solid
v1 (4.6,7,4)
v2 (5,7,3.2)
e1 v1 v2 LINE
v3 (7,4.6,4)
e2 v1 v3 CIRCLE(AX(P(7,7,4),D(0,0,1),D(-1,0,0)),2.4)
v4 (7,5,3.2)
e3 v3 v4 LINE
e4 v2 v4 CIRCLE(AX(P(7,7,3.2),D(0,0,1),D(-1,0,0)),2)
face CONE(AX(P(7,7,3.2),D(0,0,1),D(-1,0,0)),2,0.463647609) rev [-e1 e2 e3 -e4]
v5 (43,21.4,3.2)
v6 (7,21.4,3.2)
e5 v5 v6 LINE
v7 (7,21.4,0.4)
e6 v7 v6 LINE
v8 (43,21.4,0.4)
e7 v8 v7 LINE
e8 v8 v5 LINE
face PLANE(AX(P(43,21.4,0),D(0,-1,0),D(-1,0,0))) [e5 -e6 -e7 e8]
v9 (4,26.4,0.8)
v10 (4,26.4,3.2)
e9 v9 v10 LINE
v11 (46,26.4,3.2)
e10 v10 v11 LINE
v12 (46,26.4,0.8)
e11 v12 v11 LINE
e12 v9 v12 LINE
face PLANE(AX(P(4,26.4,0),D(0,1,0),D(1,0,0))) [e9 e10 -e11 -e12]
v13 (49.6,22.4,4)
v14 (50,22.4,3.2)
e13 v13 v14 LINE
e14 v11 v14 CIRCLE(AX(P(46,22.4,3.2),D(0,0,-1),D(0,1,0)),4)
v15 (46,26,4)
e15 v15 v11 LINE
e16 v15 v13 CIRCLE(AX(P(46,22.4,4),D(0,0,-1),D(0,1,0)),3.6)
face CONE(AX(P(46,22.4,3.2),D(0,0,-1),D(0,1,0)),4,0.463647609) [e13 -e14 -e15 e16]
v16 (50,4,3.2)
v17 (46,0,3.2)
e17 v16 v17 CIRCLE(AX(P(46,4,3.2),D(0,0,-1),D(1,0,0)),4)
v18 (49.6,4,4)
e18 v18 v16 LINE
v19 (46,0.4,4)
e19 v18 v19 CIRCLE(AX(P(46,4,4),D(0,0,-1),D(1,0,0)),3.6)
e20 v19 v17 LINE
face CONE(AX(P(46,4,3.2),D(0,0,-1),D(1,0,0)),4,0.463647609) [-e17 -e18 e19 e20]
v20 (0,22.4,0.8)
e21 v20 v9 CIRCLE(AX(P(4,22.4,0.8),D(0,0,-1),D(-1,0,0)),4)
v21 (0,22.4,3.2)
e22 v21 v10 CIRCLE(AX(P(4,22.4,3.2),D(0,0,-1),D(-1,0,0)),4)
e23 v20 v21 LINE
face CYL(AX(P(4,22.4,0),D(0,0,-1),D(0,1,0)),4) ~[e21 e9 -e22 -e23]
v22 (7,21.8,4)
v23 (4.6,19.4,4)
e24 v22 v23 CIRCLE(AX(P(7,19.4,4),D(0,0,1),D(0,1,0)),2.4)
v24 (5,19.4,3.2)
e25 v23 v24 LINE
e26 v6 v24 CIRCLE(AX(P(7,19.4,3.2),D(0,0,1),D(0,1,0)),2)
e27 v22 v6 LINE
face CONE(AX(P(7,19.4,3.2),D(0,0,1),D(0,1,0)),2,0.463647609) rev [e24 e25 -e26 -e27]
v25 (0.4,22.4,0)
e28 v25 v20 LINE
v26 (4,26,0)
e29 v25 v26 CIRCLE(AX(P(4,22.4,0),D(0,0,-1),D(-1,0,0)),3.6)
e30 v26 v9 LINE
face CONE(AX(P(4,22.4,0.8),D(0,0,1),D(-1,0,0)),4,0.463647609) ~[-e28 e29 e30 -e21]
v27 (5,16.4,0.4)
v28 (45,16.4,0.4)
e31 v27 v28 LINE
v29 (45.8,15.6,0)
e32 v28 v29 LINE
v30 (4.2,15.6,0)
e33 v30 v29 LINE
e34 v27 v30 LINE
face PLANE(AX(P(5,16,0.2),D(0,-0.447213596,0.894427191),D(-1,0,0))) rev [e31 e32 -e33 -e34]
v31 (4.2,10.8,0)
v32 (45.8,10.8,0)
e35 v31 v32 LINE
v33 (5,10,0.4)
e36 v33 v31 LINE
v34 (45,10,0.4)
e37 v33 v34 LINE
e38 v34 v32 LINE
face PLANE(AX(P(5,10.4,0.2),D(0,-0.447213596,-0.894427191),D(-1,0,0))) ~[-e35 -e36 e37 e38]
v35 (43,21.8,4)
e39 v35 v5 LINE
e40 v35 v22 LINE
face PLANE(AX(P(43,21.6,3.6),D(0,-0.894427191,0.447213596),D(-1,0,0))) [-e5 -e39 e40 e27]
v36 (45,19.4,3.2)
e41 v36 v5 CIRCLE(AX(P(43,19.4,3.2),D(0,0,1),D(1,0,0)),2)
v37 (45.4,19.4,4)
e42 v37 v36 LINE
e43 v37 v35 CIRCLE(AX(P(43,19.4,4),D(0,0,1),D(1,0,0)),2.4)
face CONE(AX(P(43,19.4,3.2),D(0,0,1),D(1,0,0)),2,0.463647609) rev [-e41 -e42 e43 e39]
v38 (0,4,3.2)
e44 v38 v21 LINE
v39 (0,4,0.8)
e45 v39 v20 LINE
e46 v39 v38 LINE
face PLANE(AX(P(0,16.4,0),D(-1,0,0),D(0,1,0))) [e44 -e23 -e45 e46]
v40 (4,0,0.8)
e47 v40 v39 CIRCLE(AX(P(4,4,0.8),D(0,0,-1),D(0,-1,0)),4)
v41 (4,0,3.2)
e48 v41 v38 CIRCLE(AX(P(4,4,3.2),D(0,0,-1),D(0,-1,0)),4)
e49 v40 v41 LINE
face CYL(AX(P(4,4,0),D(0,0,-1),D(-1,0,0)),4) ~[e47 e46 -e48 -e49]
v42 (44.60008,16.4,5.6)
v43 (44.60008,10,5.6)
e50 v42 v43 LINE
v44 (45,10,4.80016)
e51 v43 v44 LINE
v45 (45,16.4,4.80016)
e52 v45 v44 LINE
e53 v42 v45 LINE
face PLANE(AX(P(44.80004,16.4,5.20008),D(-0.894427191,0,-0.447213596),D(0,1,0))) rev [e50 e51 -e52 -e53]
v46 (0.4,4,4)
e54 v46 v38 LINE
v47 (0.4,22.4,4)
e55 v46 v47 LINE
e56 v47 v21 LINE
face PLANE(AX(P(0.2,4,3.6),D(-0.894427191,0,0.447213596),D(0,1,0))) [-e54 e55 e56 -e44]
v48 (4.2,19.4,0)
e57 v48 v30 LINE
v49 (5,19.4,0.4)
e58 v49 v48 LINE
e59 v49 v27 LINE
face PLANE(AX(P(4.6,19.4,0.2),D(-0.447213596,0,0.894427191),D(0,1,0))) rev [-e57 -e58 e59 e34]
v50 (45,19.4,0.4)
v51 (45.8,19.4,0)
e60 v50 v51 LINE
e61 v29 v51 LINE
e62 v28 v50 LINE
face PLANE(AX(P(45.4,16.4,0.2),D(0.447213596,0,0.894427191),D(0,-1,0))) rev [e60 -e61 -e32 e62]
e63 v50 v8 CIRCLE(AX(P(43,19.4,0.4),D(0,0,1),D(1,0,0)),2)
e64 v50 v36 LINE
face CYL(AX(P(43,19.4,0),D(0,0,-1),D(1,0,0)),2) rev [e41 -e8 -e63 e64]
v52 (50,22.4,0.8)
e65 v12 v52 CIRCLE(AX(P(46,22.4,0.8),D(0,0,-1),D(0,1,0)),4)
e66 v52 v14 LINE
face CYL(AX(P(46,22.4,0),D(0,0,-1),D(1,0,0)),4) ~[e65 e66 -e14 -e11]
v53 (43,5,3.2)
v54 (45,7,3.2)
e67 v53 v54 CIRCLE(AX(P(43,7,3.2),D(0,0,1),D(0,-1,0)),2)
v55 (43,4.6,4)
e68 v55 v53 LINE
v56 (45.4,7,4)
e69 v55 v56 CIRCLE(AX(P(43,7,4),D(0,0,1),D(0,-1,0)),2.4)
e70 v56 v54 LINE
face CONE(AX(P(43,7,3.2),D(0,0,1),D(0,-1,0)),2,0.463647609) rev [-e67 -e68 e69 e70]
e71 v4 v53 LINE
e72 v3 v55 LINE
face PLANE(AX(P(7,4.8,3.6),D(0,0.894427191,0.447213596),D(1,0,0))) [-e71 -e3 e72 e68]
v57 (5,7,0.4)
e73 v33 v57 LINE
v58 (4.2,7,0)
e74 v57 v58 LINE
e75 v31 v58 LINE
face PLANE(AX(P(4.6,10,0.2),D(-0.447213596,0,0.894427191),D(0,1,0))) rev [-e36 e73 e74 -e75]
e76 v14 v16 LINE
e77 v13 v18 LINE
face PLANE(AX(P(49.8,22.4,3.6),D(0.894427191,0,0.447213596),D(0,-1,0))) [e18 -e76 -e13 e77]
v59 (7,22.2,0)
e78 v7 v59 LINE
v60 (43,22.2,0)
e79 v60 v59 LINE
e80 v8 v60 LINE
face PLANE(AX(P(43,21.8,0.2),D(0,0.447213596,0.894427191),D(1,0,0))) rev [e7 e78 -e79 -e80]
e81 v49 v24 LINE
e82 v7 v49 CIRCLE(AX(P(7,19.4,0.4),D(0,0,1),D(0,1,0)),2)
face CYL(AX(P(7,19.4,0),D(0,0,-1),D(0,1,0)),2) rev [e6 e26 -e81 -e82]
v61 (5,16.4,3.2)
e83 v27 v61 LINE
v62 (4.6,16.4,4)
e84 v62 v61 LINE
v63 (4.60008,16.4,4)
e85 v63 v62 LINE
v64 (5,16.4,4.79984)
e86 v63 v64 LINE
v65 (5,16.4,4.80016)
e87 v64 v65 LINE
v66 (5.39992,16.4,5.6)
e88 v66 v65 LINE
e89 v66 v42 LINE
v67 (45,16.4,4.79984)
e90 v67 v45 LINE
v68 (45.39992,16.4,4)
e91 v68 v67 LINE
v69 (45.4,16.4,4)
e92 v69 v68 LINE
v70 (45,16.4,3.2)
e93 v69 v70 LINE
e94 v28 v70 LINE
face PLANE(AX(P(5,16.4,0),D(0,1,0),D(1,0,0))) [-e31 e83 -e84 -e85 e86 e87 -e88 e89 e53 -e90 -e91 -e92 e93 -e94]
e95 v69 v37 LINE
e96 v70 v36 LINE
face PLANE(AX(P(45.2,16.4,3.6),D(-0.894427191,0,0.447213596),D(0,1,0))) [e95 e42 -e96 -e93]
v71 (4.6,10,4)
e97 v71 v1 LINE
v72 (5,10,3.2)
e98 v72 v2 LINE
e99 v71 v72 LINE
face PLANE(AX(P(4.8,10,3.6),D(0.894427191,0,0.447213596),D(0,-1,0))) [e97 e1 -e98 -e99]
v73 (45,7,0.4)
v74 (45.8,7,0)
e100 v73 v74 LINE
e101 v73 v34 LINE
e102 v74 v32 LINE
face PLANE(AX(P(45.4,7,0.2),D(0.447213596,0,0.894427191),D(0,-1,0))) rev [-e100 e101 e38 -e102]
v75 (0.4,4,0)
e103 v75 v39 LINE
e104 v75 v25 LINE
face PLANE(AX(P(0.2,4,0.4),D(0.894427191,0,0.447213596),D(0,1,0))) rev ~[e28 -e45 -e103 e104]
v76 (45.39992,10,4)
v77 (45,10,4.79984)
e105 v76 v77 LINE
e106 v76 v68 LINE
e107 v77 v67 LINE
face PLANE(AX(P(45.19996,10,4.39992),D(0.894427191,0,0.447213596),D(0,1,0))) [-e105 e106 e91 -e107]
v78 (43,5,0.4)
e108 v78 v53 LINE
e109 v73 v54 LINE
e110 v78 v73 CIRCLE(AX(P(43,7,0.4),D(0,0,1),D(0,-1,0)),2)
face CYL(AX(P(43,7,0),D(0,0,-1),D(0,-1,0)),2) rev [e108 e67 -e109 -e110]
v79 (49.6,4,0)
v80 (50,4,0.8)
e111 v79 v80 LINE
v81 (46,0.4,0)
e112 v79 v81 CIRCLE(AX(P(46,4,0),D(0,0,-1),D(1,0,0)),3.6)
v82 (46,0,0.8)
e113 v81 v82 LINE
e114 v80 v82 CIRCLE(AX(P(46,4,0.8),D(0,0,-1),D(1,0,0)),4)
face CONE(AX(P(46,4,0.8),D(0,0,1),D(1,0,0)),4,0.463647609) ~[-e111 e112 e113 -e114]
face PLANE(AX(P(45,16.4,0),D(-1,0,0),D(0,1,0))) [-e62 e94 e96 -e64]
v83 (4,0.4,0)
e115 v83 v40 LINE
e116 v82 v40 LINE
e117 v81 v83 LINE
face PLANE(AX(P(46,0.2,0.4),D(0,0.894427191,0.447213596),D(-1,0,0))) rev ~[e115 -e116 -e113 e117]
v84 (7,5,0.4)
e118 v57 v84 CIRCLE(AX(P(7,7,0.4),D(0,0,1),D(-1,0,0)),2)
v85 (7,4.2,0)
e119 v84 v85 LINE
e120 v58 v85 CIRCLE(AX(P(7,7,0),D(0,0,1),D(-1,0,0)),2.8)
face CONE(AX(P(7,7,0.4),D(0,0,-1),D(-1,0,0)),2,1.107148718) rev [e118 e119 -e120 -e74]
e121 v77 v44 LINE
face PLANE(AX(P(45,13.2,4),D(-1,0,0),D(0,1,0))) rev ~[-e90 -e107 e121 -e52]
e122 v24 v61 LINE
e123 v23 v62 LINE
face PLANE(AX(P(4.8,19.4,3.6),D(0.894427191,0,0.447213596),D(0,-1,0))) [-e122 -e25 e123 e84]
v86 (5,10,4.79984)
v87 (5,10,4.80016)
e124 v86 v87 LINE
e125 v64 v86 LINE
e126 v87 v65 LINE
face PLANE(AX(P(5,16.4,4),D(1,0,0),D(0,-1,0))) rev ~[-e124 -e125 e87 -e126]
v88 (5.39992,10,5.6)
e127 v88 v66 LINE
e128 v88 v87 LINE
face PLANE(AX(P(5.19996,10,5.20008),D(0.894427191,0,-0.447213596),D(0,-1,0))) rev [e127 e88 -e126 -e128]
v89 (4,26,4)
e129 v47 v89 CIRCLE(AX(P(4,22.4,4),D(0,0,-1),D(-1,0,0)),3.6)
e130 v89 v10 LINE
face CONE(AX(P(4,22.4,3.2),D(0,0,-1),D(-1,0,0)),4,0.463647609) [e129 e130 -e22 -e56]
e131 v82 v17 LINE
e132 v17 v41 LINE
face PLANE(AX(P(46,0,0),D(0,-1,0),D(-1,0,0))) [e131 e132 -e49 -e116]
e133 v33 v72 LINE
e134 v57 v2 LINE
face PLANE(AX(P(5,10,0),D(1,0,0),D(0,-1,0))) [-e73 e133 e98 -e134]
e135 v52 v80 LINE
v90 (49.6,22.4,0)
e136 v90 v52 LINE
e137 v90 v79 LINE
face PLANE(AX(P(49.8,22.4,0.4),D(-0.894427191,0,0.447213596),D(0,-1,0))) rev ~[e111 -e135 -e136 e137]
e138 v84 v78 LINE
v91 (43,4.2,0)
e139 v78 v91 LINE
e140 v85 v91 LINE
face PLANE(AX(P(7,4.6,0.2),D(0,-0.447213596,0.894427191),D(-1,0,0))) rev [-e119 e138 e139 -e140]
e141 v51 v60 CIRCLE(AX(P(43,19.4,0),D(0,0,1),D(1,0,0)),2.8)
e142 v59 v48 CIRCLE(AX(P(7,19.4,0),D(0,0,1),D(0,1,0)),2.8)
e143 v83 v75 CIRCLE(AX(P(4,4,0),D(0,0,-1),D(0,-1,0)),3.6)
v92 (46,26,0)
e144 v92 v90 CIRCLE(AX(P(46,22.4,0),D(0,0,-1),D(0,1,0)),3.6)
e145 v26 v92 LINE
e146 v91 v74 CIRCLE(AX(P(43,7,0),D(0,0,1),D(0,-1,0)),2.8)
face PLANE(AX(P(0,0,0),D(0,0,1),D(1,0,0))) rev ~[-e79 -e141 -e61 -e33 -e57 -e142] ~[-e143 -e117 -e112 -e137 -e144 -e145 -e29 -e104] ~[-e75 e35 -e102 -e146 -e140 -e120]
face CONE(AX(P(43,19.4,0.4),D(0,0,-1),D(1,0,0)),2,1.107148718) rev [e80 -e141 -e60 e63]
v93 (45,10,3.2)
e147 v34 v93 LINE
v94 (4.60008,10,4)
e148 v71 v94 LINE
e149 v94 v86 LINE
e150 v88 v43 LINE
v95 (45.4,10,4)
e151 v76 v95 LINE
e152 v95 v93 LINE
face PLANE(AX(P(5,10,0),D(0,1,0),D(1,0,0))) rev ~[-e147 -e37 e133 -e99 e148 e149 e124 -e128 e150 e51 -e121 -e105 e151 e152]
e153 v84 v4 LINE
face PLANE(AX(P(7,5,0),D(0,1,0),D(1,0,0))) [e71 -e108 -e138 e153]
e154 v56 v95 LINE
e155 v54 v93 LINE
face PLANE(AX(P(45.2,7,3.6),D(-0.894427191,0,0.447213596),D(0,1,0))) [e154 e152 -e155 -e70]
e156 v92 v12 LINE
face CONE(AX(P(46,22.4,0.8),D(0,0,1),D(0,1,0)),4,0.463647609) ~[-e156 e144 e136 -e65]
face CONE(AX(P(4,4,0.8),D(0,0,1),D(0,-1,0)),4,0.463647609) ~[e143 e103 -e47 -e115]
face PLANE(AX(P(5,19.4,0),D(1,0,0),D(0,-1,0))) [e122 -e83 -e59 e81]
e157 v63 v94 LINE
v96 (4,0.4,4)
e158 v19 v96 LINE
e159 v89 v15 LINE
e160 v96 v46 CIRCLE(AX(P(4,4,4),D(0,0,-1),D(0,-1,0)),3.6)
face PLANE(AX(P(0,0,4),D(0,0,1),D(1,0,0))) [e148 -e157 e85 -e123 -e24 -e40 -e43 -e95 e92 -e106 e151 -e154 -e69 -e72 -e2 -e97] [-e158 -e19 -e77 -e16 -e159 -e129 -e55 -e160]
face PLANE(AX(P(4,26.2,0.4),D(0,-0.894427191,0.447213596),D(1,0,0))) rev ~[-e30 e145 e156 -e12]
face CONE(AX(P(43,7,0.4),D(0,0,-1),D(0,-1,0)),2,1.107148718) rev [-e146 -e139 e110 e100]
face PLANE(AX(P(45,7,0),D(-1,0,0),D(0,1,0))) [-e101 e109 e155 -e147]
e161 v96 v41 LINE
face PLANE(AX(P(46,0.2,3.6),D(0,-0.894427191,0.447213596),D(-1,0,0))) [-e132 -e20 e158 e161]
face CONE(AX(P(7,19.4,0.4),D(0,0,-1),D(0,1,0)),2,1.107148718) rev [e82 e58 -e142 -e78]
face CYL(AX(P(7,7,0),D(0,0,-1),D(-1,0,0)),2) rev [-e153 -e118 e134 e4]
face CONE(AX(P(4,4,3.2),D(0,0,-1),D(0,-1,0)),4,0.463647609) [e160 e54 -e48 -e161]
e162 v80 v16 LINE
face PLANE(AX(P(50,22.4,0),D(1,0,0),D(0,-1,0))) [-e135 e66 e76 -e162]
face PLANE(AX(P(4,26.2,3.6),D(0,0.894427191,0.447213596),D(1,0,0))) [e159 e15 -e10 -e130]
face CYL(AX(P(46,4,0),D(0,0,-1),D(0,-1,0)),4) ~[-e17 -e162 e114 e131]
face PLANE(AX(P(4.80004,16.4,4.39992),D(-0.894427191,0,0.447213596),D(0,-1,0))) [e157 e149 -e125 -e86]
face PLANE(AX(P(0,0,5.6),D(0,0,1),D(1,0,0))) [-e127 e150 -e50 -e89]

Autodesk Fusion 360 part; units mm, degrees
sketch "Sketch1" plane through (0, 0, 0) normal (0, 0, 1) x (1, 0, 0)
  line L0 (4, 0) -> (46, 0) construction
  line L1 (50, 0) -> (50, 22.4) construction
  line L2 (50, 26.4) -> (0, 26.4) construction
  line L3 (0, 22.4) -> (0, 0) construction
  line L4 (0, 13.2) -> (50, 13.2) construction
  line L5 (0, 16.4) -> (50, 16.4)
  line L6 (50, 16.4) -> (50, 13.2)
  line L7 (50, 13.2) -> (0, 13.2)
  line L8 (0, 13.2) -> (0, 16.4)
  line L9 (4, 26.4) -> (46, 26.4)
  line L10 (50, 26.4) -> (50, 4)
  line L11 (50, 0) -> (0, 0)
  line L12 (0, 4) -> (0, 26.4)
  line L13 (7, 5) -> (43, 5)
  line L14 (45, 7) -> (45, 19.4)
  line L15 (43, 21.4) -> (7, 21.4)
  line L16 (5, 19.4) -> (5, 7)
  line L17 (0, 10) -> (50, 10)
  arc A0 (4, 26.4) -> (0, 22.4) centre (4, 22.4) ccw
  arc A1 (0, 4) -> (4, 0) centre (4, 4) ccw
  arc A2 (46, 0) -> (50, 4) centre (46, 4) ccw
  arc A3 (50, 22.4) -> (46, 26.4) centre (46, 22.4) ccw
  arc A4 (7, 21.4) -> (5, 19.4) centre (7, 19.4) ccw
  arc A5 (5, 7) -> (7, 5) centre (7, 7) ccw
  arc A6 (43, 5) -> (45, 7) centre (43, 7) ccw
  arc A7 (45, 19.4) -> (43, 21.4) centre (43, 19.4) ccw
  line L18 (4.2, 16.4) -> (4.2, 10)
  line L19 (45.8, 16.4) -> (45.8, 10)
  point P0 (0, 13.2)
  dimension "d3" = 3.2
  dimension "d5" = 4
  dimension "d6" = 2
  dimension "d11" = 5
  dimension "d13" = 5
  dimension "d14" = 5
  dimension "d15" = 5
  dimension "d16" = 5
  dimension "d17" = 5
  dimension "d18" = 40
  dimension "d24" = 0.8
  dimension "d26" = 0.8
extrude "Extrude1" add sketch "Sketch1" along normal blind 4 contours L5 L9 L10 L12 L14 L15 L16 A0 A3 A4 A7 | L5 L7 L8 L12 L18 | L5 L7 L16 L18 | L7 L12 L17 L18 | L5 L7 L14 L16 | L7 L16 L17 L18 | L10 L11 L12 L13 L14 L16 L17 A1 A2 A5 A6 | L5 L7 L14 L19 | L7 L14 L16 L17 | L5 L6 L7 L10 L19 | L7 L14 L17 L19 | L7 L10 L17 L19
chamfer "Chamfer1" distance 0.4 distance2 0.8 38 edges at (44.4142, 20.8142, 0) (25, 21.4, 0) (5.5858, 20.8142, 0) (5, 17.9, 0) (45, 17.9, 0) (25, 5, 0) (44.4142, 5.5858, 0) (45, 8.5, 0) (5, 8.5, 0) (5.5858, 5.5858, 0) (25, 0, 0) (1.1716, 1.1716, 0) (0, 13.2, 0) (1.1716, 25.2284, 0) (25, 26.4, 0) (48.8284, 25.2284, 0) (50, 13.2, 0) (48.8284, 1.1716, 0) (25, 0, 4) (48.8284, 1.1716, 4) (50, 13.2, 4) (48.8284, 25.2284, 4) (25, 26.4, 4) (1.1716, 25.2284, 4) (0, 13.2, 4) (1.1716, 1.1716, 4) (25, 21.4, 4) (5.5858, 20.8142, 4) (5, 17.9, 4) (45, 17.9, 4) (44.4142, 20.8142, 4) (25, 5, 4) (44.4142, 5.5858, 4) (45, 8.5, 4) (5, 8.5, 4) (5.5858, 5.5858, 4) (25, 10, 0) (25, 16.4, 0) measured on face at (43.0952, 21.3977, 2.6667) measured on face at (31, 21.4, 1.3333) measured on face at (5.0023, 19.4952, 2.6667) measured on face at (5, 18.4, 1.3333) measured on face at (45, 17.4, 1.3333) measured on face at (19, 5, 1.3333) measured on face at (43.0952, 5.0023, 1.3333) measured on face at (45, 8, 1.3333) measured on face at (5, 9, 1.3333) measured on face at (5.1433, 6.2567, 2.6667) measured on face at (18.3333, 12.1333, 0) measured on face at (2.1671, 0.4447, 2.6667) measured on face at (18.3333, 12.1333, 0) measured on face at (0.22, 23.7083, 2.6667) measured on face at (18.3333, 12.1333, 0) measured on face at (49.4641, 24.4, 2.6667) measured on face at (18.3333, 12.1333, 0) measured on face at (46.943, 0.1128, 2.6667) measured on face at (18.3333, 12.1333, 4) measured on face at (18.3333, 12.1333, 4) measured on face at (18.3333, 12.1333, 4) measured on face at (18.3333, 12.1333, 4) measured on face at (18.3333, 12.1333, 4) measured on face at (18.3333, 12.1333, 4) measured on face at (18.3333, 12.1333, 4) measured on face at (18.3333, 12.1333, 4) measured on face at (18.3333, 12.1333, 4) measured on face at (18.3333, 12.1333, 4) measured on face at (18.3333, 12.1333, 4) measured on face at (18.3333, 12.1333, 4) measured on face at (18.3333, 12.1333, 4) measured on face at (18.3333, 12.1333, 4) measured on face at (18.3333, 12.1333, 4) measured on face at (18.3333, 12.1333, 4) measured on face at (18.3333, 12.1333, 4) measured on face at (18.3333, 12.1333, 4) measured on face at (18.3333, 10, 2.6667) measured on face at (18.3333, 16.4, 1.3333)
extrude "Extrude2" add sketch "Sketch1" along normal blind 1.6 from surface at 4 contours L5 L7 L14 L16 | L7 L14 L16 L17
chamfer "Chamfer2" distance 0.4 distance2 0.8 4 edges at (45, 13.2, 4) (5, 13.2, 4) (5, 13.2, 5.6) (45, 13.2, 5.6) measured on face at (19, 24.6, 4) measured on face at (19, 24.6, 4) measured on face at (18.3333, 14.2667, 5.6) measured on face at (18.3333, 14.2667, 5.6)
equation "d3 = ( 6.4 / 2 ) * 1 mm"
equation "d10 = Bevel_Horizontal"
equation "d11 = Linear Dimension-5"
equation "d13 = d11"
equation "d14 = d11"
equation "d15 = d11"
equation "d16 = d14"
equation "d17 = d14"
equation "d18 = Linear Dimension-9"
equation "d24 = Bevel_Horizontal"
equation "Bevel_Horizontal = 0.8 mm"
equation "d26 = Bevel_Horizontal"
equation "d28 = Bevel_Horizontal"
